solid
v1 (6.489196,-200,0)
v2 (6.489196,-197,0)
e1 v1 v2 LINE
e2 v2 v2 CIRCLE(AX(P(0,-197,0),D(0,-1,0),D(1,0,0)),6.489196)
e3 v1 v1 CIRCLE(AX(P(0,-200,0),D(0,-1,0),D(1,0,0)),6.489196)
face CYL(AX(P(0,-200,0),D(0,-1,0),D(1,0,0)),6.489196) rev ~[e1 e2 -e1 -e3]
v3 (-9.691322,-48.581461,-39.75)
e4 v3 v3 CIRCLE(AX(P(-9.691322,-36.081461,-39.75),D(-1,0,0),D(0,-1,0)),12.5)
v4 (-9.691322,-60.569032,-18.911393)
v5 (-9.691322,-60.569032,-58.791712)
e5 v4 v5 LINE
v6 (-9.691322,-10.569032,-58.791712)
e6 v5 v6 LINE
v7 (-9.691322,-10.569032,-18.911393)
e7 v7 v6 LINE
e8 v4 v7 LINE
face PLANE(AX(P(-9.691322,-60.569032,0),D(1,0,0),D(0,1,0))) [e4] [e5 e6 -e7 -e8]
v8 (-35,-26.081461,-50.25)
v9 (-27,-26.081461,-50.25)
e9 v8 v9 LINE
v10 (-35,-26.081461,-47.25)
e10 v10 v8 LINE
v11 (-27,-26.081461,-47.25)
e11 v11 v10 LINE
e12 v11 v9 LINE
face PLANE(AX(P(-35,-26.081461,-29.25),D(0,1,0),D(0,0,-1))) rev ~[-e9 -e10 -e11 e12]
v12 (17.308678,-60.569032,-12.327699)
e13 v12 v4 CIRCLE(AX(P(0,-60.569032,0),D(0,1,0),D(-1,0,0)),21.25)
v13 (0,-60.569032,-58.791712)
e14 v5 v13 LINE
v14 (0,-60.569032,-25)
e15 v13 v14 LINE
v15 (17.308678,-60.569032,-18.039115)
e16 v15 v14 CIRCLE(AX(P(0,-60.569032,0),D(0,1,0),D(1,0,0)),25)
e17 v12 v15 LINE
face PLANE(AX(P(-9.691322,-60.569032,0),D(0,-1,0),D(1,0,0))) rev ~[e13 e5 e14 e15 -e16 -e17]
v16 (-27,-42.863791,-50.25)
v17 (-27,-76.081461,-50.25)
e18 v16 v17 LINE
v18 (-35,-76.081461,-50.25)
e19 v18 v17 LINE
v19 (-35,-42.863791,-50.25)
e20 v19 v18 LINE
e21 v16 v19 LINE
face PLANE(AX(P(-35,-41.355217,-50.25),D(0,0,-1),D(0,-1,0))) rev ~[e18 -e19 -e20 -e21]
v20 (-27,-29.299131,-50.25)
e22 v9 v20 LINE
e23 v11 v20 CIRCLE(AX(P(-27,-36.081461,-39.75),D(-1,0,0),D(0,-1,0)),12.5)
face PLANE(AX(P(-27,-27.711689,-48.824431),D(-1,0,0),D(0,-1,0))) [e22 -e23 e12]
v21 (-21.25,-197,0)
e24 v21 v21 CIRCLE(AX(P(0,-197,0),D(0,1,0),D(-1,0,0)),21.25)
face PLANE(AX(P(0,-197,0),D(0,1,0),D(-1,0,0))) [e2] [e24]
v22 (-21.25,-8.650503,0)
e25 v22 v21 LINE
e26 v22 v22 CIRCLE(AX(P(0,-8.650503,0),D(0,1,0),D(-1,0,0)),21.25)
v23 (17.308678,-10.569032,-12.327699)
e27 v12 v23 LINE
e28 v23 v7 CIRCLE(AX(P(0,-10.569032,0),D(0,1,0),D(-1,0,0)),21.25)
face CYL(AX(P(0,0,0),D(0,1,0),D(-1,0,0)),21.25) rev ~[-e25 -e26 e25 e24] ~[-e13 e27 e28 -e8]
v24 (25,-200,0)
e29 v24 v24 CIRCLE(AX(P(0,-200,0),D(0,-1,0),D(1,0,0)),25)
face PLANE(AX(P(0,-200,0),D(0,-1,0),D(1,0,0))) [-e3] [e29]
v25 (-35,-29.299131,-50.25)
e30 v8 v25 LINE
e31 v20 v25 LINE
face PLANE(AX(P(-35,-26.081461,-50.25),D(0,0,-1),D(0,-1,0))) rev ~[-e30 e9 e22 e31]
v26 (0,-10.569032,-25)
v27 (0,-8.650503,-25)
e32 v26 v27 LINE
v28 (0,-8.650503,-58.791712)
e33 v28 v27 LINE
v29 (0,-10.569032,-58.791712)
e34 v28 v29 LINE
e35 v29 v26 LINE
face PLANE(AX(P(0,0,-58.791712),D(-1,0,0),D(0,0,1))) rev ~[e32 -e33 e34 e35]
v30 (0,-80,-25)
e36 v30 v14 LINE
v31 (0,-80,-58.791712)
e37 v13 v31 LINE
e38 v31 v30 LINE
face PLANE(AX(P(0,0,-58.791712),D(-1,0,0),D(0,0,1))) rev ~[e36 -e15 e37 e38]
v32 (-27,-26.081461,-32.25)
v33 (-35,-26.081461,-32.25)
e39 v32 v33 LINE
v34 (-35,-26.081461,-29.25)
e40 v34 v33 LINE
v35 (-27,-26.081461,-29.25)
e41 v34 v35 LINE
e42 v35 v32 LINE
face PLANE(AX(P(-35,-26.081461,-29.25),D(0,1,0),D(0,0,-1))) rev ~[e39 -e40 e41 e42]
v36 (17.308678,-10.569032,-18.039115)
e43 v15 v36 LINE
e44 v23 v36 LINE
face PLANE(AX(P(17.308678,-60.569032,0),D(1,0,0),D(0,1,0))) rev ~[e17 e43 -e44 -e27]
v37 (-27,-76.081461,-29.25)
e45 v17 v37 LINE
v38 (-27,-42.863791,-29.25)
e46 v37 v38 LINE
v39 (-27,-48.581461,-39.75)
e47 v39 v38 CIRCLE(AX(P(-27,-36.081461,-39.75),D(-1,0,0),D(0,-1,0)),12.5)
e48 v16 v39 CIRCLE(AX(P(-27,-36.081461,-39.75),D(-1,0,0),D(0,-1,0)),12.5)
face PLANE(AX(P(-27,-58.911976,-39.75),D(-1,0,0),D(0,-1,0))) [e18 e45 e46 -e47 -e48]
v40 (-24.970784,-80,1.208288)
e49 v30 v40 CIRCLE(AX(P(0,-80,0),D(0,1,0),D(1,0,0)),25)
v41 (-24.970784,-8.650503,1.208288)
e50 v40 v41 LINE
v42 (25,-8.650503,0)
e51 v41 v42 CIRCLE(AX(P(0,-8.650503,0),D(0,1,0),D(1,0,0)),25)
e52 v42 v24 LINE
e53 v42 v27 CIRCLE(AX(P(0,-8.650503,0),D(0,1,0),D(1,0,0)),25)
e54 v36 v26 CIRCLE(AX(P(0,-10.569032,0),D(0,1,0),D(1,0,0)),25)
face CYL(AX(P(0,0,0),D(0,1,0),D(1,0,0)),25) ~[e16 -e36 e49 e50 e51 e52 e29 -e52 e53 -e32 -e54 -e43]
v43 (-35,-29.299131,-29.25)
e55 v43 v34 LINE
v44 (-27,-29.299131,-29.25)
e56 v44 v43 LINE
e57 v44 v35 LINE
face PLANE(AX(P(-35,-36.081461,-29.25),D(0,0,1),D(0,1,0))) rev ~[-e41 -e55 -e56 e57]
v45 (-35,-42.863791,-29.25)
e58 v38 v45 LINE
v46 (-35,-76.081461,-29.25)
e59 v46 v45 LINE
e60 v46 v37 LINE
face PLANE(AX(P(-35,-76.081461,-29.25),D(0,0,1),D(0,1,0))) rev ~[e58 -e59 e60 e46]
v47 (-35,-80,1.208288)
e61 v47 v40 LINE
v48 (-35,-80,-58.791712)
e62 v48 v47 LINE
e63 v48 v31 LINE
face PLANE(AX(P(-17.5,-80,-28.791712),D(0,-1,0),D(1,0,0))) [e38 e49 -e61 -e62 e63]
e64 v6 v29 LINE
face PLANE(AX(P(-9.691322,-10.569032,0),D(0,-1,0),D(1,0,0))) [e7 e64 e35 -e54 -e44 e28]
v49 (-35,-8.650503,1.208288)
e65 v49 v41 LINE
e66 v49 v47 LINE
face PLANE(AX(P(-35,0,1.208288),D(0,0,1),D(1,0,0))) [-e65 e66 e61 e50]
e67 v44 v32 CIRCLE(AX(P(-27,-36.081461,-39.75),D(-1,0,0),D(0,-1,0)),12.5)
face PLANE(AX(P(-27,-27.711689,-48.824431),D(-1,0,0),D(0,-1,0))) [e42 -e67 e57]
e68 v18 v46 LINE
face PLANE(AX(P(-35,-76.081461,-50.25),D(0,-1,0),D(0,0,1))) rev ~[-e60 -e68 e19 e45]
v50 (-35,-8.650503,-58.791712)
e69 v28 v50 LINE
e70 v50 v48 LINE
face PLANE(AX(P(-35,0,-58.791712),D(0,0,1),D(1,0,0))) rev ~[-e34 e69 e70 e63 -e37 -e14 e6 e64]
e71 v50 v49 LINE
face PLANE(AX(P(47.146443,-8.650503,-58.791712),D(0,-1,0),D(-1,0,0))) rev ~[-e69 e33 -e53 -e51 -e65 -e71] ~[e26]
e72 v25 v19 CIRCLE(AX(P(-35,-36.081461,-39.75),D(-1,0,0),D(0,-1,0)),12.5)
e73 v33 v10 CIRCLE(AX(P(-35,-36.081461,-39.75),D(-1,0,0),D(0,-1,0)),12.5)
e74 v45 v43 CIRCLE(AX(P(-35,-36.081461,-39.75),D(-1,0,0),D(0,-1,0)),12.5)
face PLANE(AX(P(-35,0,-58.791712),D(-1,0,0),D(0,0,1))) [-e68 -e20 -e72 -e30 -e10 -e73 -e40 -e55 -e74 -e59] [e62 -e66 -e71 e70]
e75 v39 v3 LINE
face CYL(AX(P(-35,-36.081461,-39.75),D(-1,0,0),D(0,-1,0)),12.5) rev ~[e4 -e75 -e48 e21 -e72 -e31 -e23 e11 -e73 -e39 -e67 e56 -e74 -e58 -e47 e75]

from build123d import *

# Parameters (mm, degrees)
F0_R      = 25
F1_DEPTH  = 200
F4_W      = 35
F4_H      = 60
F5_DEPTH  = 80
F2_R      = 21.25
F6_DEPTH  = 197
F3_W      = 27
F3_H      = 50
F8_DEPTH  = 60
F9_DEPTH  = 8
F10_W     = 47.1464432776
F10_H     = 8.6505031213
F10_W_2   = 35
F12_DEPTH = 83.7927124713
F14_DEPTH = 50
F15_R     = 6.4891960767
F16_DEPTH = 25


with BuildPart() as f1:
    # F0 (on Front) → F1 (new body)
    with BuildSketch(Plane.XZ):
        Circle(F0_R)
    extrude(amount=F1_DEPTH)

    # F4 (on Front) → F5 (join)
    with BuildSketch(Plane.XZ):
        with Locations((-17.5, -28.7917124713)):
            Rectangle(F4_W, F4_H)
    extrude(amount=F5_DEPTH)

    # F2 (on face) → F6 (cut)
    with BuildSketch(Plane(origin=(0, 0, 0), x_dir=(-1, 0, 0), z_dir=(0, 1, 0))):
        Circle(F2_R)
    extrude(amount=-F6_DEPTH, mode=Mode.SUBTRACT)

    # F3 (on Top) → F8 (cut)
    with BuildSketch(Plane.XY):
        with Locations((3.8086780198, -35.5690324024)):
            Rectangle(F3_W, F3_H)
    extrude(amount=-F8_DEPTH, mode=Mode.SUBTRACT)

    # F7 (on face) → F9 (cut)
    with BuildSketch(Plane(origin=(-35, 0, 0), x_dir=(0, -1, 0), z_dir=(-1, 0, 0))):
        with BuildLine():
            ThreePointArc((41.3552170133, -29.25), (46.082189469, -33.5816991961), (47.8314612359, -39.75))
            ThreePointArc((47.8314612359, -39.75), (46.082189469, -45.9183008039), (41.3552170133, -50.25))
            Line((41.3552170133, -50.25), (76.0814612359, -50.25))
            Line((76.0814612359, -50.25), (76.0814612359, -29.25))
            Line((76.0814612359, -29.25), (41.3552170133, -29.25))
        make_face()
        with BuildLine():
            Line((26.0814612359, -50.25), (30.8077054584, -50.25))
            ThreePointArc((30.8077054584, -50.25), (28.1435615229, -48.4132700608), (26.0814612359, -45.9194813396))
            Line((26.0814612359, -45.9194813396), (26.0814612359, -50.25))
        make_face()
        with BuildLine():
            Line((36.0814612359, -29.25), (30.8077054584, -29.25))
            ThreePointArc((30.8077054584, -29.25), (28.1435615229, -31.0867299392), (26.0814612359, -33.5805186604))
            Line((26.0814612359, -33.5805186604), (26.0814612359, -45.9194813396))
            ThreePointArc((26.0814612359, -45.9194813396), (28.1435615229, -48.4132700608), (30.8077054584, -50.25))
            Line((30.8077054584, -50.25), (36.0814612359, -50.25))
            Line((36.0814612359, -50.25), (36.0814612359, -29.25))
        make_face()
        with BuildLine():
            ThreePointArc((26.0814612359, -33.5805186604), (28.1435615229, -31.0867299392), (30.8077054584, -29.25))
            Line((30.8077054584, -29.25), (26.0814612359, -29.25))
            Line((26.0814612359, -29.25), (26.0814612359, -33.5805186604))
        make_face()
    extrude(amount=-F9_DEPTH, mode=Mode.SUBTRACT)

    # F10 (on face) → F12 (cut, through all)
    with BuildSketch(Plane(origin=(0, 0, -58.7917124713), x_dir=(1, 0, 0), z_dir=(0, 0, -1))):
        with Locations((23.5732216388, 4.3252515607)):
            Rectangle(F10_W, F10_H)
        with Locations((-17.5, 4.3252515607)):
            Rectangle(F10_W_2, F10_H)
    extrude(amount=-F12_DEPTH, mode=Mode.SUBTRACT)

    # F13 (on face) → F14 (cut)
    with BuildSketch(Plane(origin=(-35, 0, 0), x_dir=(0, -1, 0), z_dir=(-1, 0, 0))):
        with BuildLine():
            ThreePointArc((23.5814612359, -39.75), (36.0814612359, -52.25), (48.5814612359, -39.75))
            ThreePointArc((48.5814612359, -39.75), (36.0814612359, -27.25), (23.5814612359, -39.75))
        make_face()
    extrude(amount=-F14_DEPTH, mode=Mode.SUBTRACT)

    # F15 (on face) → F16 (cut)
    with BuildSketch(Plane.XZ.offset(200)):
        Circle(F15_R)
    extrude(amount=-F16_DEPTH, mode=Mode.SUBTRACT)


solid = f1.part
